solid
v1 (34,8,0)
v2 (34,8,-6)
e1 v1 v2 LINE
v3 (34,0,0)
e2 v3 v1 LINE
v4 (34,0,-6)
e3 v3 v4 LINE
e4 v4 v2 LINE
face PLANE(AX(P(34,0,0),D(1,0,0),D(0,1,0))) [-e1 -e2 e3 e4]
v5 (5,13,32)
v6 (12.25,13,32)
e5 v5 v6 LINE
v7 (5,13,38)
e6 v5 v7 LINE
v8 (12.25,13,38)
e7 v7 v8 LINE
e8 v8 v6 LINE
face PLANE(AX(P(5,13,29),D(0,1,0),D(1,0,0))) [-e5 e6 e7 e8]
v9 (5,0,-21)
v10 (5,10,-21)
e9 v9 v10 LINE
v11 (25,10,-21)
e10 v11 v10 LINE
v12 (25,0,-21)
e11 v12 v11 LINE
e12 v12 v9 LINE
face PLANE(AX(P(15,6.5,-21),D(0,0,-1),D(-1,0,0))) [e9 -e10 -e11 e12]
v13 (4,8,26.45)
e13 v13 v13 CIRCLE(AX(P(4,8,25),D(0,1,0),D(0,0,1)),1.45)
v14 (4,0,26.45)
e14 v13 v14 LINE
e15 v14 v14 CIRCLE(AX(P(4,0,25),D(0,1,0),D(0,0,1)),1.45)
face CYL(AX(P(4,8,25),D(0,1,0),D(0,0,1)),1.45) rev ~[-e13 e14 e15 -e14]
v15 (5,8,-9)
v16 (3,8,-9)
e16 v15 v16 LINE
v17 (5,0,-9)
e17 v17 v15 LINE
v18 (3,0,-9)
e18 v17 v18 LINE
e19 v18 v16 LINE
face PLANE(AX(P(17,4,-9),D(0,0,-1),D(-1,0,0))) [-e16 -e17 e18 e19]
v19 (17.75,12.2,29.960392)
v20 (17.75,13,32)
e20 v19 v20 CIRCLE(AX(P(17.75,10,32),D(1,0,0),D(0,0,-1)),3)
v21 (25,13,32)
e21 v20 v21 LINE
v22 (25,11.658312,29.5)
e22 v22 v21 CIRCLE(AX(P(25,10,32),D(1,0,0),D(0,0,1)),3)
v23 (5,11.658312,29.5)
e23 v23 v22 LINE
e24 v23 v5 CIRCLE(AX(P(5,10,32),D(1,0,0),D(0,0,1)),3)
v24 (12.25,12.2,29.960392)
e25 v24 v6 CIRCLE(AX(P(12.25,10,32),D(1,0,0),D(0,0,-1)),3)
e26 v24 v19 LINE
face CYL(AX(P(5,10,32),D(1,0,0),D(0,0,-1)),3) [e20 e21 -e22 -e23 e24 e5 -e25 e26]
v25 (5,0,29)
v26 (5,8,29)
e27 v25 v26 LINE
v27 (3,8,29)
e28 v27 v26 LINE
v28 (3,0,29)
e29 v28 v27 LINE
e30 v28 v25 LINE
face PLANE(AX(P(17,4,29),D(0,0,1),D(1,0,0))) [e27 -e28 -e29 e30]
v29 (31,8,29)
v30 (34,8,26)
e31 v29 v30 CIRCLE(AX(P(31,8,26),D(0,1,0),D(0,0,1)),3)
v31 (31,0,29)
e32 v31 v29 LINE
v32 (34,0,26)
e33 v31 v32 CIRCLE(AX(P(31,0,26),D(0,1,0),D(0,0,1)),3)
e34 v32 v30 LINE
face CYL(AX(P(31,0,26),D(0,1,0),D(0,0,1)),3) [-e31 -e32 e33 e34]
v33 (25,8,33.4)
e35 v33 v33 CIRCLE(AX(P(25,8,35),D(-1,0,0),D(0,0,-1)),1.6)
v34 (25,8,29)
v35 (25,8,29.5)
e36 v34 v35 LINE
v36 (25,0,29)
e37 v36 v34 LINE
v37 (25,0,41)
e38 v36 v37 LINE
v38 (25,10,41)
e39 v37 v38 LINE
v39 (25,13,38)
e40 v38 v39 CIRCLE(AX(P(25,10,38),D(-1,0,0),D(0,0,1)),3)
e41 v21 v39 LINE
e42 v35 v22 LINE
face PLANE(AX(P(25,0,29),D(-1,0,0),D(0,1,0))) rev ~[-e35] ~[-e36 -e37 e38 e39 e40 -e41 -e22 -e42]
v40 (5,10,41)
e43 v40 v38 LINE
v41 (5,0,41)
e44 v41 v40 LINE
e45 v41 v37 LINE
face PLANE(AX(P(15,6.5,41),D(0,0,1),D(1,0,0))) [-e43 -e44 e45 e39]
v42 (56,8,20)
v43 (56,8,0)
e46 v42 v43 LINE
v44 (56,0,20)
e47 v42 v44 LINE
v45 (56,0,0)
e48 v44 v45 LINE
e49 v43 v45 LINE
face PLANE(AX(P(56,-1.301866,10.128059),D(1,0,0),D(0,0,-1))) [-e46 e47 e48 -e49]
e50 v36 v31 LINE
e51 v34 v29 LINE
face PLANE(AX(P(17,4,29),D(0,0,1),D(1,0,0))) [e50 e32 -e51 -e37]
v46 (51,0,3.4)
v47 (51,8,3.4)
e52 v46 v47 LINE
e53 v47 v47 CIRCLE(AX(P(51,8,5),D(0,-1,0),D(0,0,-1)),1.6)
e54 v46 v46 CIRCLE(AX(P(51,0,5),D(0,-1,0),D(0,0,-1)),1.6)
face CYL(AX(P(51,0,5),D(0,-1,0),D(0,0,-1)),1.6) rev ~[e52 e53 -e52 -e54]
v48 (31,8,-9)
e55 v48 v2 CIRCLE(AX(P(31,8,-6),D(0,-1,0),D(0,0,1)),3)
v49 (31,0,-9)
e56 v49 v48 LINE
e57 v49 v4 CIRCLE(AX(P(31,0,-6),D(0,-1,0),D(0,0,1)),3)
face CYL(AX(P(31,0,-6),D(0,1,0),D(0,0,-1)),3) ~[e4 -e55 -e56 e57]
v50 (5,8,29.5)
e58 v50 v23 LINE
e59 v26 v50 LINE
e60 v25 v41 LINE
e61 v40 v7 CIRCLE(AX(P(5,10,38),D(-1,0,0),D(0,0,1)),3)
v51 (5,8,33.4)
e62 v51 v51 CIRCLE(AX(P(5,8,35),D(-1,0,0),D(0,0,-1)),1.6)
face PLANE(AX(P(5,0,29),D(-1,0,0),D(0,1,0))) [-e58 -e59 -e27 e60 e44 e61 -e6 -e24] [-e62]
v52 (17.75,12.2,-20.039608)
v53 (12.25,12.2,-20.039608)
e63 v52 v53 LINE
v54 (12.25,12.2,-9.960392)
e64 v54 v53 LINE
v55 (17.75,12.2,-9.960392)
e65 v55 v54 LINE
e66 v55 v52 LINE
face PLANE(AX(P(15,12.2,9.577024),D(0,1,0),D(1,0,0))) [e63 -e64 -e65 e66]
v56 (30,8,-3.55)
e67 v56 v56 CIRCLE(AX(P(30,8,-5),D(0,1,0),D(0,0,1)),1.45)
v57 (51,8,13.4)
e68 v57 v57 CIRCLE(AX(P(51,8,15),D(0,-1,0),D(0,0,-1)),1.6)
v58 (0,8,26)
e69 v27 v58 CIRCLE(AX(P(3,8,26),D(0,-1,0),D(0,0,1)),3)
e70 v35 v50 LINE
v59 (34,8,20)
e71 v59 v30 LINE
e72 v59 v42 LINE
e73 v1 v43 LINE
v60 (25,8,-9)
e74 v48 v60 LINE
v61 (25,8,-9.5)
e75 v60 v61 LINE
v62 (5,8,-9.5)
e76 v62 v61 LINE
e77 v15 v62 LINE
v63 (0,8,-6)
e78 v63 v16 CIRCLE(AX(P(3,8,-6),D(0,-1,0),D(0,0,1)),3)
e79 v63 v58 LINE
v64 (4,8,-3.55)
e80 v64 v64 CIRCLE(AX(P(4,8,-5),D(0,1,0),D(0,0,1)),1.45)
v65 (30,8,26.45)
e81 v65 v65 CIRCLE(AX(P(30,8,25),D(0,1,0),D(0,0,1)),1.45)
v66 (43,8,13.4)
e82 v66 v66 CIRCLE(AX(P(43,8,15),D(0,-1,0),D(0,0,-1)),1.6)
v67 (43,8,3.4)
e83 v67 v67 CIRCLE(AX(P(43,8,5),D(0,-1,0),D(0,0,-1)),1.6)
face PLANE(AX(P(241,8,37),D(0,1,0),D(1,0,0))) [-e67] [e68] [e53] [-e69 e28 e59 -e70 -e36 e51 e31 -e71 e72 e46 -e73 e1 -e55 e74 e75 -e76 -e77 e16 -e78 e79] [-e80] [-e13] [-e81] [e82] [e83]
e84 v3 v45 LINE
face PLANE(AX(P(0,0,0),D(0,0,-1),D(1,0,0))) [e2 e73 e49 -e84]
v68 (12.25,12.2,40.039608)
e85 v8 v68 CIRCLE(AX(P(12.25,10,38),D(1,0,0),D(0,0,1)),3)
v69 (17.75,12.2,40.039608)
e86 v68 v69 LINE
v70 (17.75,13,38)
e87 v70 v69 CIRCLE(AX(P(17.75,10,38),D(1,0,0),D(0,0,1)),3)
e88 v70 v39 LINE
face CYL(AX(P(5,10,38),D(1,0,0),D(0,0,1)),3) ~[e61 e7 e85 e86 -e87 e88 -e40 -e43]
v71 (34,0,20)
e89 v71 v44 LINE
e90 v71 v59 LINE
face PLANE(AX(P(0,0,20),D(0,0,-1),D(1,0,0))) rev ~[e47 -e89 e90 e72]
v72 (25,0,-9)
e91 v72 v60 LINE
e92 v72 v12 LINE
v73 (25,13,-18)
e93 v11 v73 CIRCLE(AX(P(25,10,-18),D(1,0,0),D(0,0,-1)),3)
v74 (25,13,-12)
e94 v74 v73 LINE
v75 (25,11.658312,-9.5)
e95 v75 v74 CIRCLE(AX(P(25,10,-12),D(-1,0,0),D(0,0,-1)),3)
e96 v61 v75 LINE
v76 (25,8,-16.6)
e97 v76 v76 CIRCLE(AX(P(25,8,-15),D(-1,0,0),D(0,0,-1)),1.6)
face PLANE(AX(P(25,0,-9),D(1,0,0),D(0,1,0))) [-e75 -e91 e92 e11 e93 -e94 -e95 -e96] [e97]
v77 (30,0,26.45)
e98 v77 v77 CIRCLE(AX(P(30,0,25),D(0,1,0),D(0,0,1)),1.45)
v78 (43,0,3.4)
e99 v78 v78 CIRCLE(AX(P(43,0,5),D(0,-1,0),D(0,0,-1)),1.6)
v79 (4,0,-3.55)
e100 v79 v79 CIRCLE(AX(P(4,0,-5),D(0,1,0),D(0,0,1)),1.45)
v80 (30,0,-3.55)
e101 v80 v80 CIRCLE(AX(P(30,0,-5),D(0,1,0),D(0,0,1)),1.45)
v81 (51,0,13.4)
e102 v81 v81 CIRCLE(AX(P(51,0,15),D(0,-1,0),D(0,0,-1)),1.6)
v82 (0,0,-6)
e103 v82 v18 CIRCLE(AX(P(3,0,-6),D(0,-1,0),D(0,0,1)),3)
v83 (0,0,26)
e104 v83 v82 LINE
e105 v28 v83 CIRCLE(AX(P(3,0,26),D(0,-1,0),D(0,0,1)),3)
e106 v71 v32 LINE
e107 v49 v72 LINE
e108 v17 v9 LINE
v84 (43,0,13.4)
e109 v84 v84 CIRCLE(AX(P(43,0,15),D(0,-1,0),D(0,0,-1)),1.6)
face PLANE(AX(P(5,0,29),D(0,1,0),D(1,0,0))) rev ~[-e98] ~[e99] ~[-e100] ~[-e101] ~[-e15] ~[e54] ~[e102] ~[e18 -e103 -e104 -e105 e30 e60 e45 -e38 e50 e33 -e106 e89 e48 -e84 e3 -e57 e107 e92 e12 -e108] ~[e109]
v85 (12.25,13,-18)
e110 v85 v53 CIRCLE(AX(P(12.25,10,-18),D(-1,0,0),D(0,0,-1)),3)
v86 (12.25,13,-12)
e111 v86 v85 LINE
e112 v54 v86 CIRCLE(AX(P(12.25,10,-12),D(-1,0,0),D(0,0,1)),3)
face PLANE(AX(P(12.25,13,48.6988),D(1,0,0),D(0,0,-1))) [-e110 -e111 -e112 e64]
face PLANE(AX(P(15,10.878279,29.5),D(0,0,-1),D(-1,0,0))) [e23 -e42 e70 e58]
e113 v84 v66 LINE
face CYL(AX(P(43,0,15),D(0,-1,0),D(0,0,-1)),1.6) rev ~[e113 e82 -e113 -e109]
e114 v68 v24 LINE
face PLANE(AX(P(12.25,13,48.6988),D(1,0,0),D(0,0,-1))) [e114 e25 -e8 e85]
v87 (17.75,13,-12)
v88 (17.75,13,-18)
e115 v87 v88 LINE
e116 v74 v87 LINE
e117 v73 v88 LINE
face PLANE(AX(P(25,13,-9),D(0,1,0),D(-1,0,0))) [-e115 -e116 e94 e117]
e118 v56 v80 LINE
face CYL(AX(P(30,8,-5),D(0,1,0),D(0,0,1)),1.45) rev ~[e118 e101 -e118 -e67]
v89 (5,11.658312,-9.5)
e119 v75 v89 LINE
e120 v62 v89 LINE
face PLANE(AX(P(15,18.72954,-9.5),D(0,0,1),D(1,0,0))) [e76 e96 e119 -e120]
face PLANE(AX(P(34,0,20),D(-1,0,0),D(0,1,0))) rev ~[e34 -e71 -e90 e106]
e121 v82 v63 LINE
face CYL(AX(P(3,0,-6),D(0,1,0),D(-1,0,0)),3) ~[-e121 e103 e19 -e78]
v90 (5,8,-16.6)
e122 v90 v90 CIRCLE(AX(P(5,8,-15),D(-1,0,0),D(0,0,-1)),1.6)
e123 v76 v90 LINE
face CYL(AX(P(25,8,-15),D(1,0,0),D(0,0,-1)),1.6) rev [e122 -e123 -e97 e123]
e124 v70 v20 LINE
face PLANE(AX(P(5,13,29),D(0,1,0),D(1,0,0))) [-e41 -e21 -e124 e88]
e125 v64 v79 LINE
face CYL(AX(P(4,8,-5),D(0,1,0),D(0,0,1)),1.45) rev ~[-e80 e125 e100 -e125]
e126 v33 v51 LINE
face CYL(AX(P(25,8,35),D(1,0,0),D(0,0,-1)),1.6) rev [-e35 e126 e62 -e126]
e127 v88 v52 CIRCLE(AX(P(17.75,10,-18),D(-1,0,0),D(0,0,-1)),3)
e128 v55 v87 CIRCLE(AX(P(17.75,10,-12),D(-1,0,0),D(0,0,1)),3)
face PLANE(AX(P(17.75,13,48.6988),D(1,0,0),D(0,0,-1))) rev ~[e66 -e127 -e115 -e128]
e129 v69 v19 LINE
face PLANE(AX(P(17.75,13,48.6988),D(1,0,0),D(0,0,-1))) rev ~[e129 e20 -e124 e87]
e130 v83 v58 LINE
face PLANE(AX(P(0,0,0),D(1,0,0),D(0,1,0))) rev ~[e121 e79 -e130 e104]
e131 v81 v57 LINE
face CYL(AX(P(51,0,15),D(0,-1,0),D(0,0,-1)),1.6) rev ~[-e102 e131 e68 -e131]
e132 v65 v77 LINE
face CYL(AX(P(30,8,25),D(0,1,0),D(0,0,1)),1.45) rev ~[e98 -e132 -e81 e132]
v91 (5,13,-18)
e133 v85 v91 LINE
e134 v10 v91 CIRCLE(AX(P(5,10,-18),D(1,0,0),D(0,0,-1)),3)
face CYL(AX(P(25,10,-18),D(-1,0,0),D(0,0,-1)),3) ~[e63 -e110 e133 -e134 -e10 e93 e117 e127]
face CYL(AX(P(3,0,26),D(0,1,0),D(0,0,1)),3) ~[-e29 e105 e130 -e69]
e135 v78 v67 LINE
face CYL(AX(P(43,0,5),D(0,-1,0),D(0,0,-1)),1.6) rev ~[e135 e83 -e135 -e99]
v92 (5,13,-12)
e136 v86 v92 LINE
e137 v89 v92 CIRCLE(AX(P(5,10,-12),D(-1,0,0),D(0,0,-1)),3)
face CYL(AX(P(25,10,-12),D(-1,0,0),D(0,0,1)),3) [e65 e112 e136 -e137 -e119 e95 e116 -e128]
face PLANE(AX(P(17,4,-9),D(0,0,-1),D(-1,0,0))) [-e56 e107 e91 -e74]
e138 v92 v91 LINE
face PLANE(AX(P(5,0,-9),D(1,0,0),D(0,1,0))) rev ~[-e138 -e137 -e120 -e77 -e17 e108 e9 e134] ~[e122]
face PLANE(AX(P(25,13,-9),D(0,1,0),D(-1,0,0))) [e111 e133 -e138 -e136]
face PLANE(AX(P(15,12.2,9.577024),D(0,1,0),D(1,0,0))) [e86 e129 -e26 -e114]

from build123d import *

# Parameters (mm, degrees)
SKETCH1_W            = 300
SKETCH1_H            = 20
BOSS_EXTRUDE1_DEPTH  = 8
SKETCH2_W            = 34
SKETCH2_H            = 8
BOSS_EXTRUDE2_DEPTH  = 9
SKETCH3_W            = 34
SKETCH3_H            = 8
BOSS_EXTRUDE3_DEPTH  = 9
SKETCH4_R            = 1.45
CUT_EXTRUDE1_DEPTH   = 302.504560496
SKETCH5_W            = 25
SKETCH5_H            = 8
BOSS_EXTRUDE4_DEPTH  = 17
SKETCH6_W            = 25
SKETCH6_H            = 8
BOSS_EXTRUDE5_DEPTH  = 17
SKETCH7_W            = 10
SKETCH7_H            = 38
CUT_EXTRUDE2_DEPTH   = 303.37890138
SKETCH8_W            = 7
SKETCH8_H            = 16
CUT_EXTRUDE3_DEPTH   = 4
CUT_EXTRUDE4_DEPTH   = 7
BOSS_EXTRUDE6_DEPTH  = 10
SKETCH12_W           = 8
SKETCH12_H           = 8
BOSS_EXTRUDE7_DEPTH  = 17
SKETCH13_R           = 1.7
CUT_EXTRUDE6_DEPTH   = 305.926220585
SKETCH14_W           = 20
SKETCH14_H           = 13
BOSS_EXTRUDE8_DEPTH  = 12
SKETCH15_R           = 1.6
CUT_EXTRUDE7_DEPTH   = 20
SKETCH16_W           = 20
SKETCH16_H           = 13
BOSS_EXTRUDE9_DEPTH  = 12
SKETCH17_R           = 1.6
CUT_EXTRUDE8_DEPTH   = 20
SKETCH18_W           = 20
SKETCH18_H           = 13
BOSS_EXTRUDE10_DEPTH = 12
CUT_EXTRUDE9_START   = -20
SKETCH19_R           = 1.6
CUT_EXTRUDE9_DEPTH   = 20
SKETCH20_W           = 20
SKETCH20_H           = 13
BOSS_EXTRUDE11_DEPTH = 12
CUT_EXTRUDE10_START  = -20
SKETCH21_R           = 1.6
CUT_EXTRUDE10_DEPTH  = 20
FILLET6_R            = 3
SKETCH22_W           = 123.750788161
SKETCH22_H           = 72.639217631
CUT_EXTRUDE11_DEPTH  = 244
SKETCH23_R           = 1.6
CUT_EXTRUDE12_DEPTH  = 71.611613776
FILLET7_R            = 3
SKETCH24_W           = 5.5
SKETCH24_H           = 78.243551934
CUT_EXTRUDE13_DEPTH  = 0.8
SKETCH25_W           = 20
SKETCH25_H           = 5.75655834
CUT_EXTRUDE14_DEPTH  = 0.5
SKETCH26_W           = 20
SKETCH26_H           = 21.459079842
CUT_EXTRUDE15_DEPTH  = 0.5


with BuildPart() as part:
    # Sketch1 → Boss-Extrude1 (new body)
    with BuildSketch(Plane(origin=(0, 0, 0), x_dir=(1, 0, 0), z_dir=(0, 1, 0))):
        with Locations((150, -10)):
            Rectangle(SKETCH1_W, SKETCH1_H)
    extrude(amount=BOSS_EXTRUDE1_DEPTH)

    # Sketch2 → Boss-Extrude2 (add)
    with BuildSketch(Plane.XY.offset(20)):
        with Locations((17, 4)):
            Rectangle(SKETCH2_W, SKETCH2_H)
        with Locations((283, 4)):
            Rectangle(SKETCH2_W, SKETCH2_H)
    extrude(amount=BOSS_EXTRUDE2_DEPTH)

    # Sketch3 → Boss-Extrude3 (add)
    with BuildSketch(Plane(origin=(0, 0, 0), x_dir=(-1, 0, 0), z_dir=(0, 0, -1))):
        with Locations((-17, 4)):
            Rectangle(SKETCH3_W, SKETCH3_H)
        with Locations((-283, 4)):
            Rectangle(SKETCH3_W, SKETCH3_H)
    extrude(amount=BOSS_EXTRUDE3_DEPTH)

    # Sketch4 → Cut-Extrude1 (cut, through all)
    with BuildSketch(Plane(origin=(0, 8, 0), x_dir=(1, 0, 0), z_dir=(0, 1, 0))):
        with Locations(Location((4, 5, 0), (0, 0, 270))):
            Circle(SKETCH4_R)
        with Locations(Location((30, 5, 0), (0, 0, 270))):
            Circle(SKETCH4_R)
        with Locations(Location((30, -25, 0), (0, 0, 270))):
            Circle(SKETCH4_R)
        with Locations(Location((4, -25, 0), (0, 0, 270))):
            Circle(SKETCH4_R)
        with Locations(Location((296, -25, 0), (0, 0, 270))):
            Circle(SKETCH4_R)
        with Locations(Location((296, 5, 0), (0, 0, 270))):
            Circle(SKETCH4_R)
        with Locations(Location((270, -25, 0), (0, 0, 270))):
            Circle(SKETCH4_R)
        with Locations(Location((270, 5, 0), (0, 0, 270))):
            Circle(SKETCH4_R)
    extrude(amount=-CUT_EXTRUDE1_DEPTH, mode=Mode.SUBTRACT)

    # Sketch5 → Boss-Extrude4 (add)
    with BuildSketch(Plane.XY.offset(20)):
        with Locations((253.5, 4)):
            Rectangle(SKETCH5_W, SKETCH5_H)
    extrude(amount=BOSS_EXTRUDE4_DEPTH)

    # Sketch6 → Boss-Extrude5 (add)
    with BuildSketch(Plane(origin=(0, 0, 0), x_dir=(-1, 0, 0), z_dir=(0, 0, -1))):
        with Locations((-253.5, 4)):
            Rectangle(SKETCH6_W, SKETCH6_H)
    extrude(amount=BOSS_EXTRUDE5_DEPTH)

    # Sketch7 → Cut-Extrude2 (cut, through all)
    with BuildSketch(Plane(origin=(0, 8, 0), x_dir=(1, 0, 0), z_dir=(0, 1, 0))):
        with Locations((254, -10)):
            Rectangle(SKETCH7_W, SKETCH7_H)
    extrude(amount=-CUT_EXTRUDE2_DEPTH, mode=Mode.SUBTRACT)

    # Sketch8 → Cut-Extrude3 (cut)
    with BuildSketch(Plane(origin=(0, 8, 0), x_dir=(1, 0, 0), z_dir=(0, 1, 0))):
        with Locations((262.5, -10)):
            Rectangle(SKETCH8_W, SKETCH8_H)
    extrude(amount=-CUT_EXTRUDE3_DEPTH, mode=Mode.SUBTRACT)

    # Sketch9 → Cut-Extrude4 (cut)
    with BuildSketch(Plane.ZY.offset(-259)):
        Polygon((18, 4), (22, 8), (18, 8), align=None)
        Polygon((2, 4), (-2, 8), (2, 8), align=None)
    extrude(amount=-CUT_EXTRUDE4_DEPTH, mode=Mode.SUBTRACT)

    # Sketch10 → Boss-Extrude6 (add)
    with BuildSketch(Plane.ZY.offset(-259)):
        Polygon((-2, 0), (-9, 8), (-9, 0), align=None)
        Polygon((29, 8), (22, 0), (29, 0), align=None)
    extrude(amount=BOSS_EXTRUDE6_DEPTH)

    # Sketch12 → Boss-Extrude7 (add)
    with BuildSketch(Plane.XY.offset(37)):
        with Locations((245, 4)):
            Rectangle(SKETCH12_W, SKETCH12_H)
    extrude(amount=BOSS_EXTRUDE7_DEPTH)

    # Sketch13 → Cut-Extrude6 (cut, through all)
    with BuildSketch(Plane(origin=(0, 8, 0), x_dir=(1, 0, 0), z_dir=(0, 1, 0))):
        with Locations(Location((245, -50, 0), (0, 0, 270))):
            Circle(SKETCH13_R)
        with Locations(Location((245, -18, 0), (0, 0, 270))):
            Circle(SKETCH13_R)
    extrude(amount=-CUT_EXTRUDE6_DEPTH, mode=Mode.SUBTRACT)

    # Sketch14 → Boss-Extrude8 (add)
    with BuildSketch(Plane.XY.offset(29)):
        with Locations((285, 6.5)):
            Rectangle(SKETCH14_W, SKETCH14_H)
    extrude(amount=BOSS_EXTRUDE8_DEPTH)

    # Sketch15 → Cut-Extrude7 (cut)
    with BuildSketch(Plane(origin=(295, 0, 0), x_dir=(0, 0, -1), z_dir=(1, 0, 0))):
        with Locations((-35, 8)):
            Circle(SKETCH15_R)
    extrude(amount=-CUT_EXTRUDE7_DEPTH, mode=Mode.SUBTRACT)

    # Sketch16 → Boss-Extrude9 (add)
    with BuildSketch(Plane(origin=(0, 0, -9), x_dir=(-1, 0, 0), z_dir=(0, 0, -1))):
        with Locations((-285, 6.5)):
            Rectangle(SKETCH16_W, SKETCH16_H)
    extrude(amount=BOSS_EXTRUDE9_DEPTH)

    # Sketch17 → Cut-Extrude8 (cut)
    with BuildSketch(Plane(origin=(295, 0, 0), x_dir=(0, 0, -1), z_dir=(1, 0, 0))):
        with Locations((15, 8)):
            Circle(SKETCH17_R)
    extrude(amount=-CUT_EXTRUDE8_DEPTH, mode=Mode.SUBTRACT)

    # Sketch18 → Boss-Extrude10 (add)
    with BuildSketch(Plane(origin=(0, 0, -9), x_dir=(-1, 0, 0), z_dir=(0, 0, -1))):
        with Locations((-15, 6.5)):
            Rectangle(SKETCH18_W, SKETCH18_H)
    extrude(amount=BOSS_EXTRUDE10_DEPTH)

    # Sketch19 → Cut-Extrude9 (cut)
    with BuildSketch(Plane.ZY.offset(-5).offset(CUT_EXTRUDE9_START)):
        with Locations(Location((-15, 8, 0), (0, 0, 180))):
            Circle(SKETCH19_R)
    extrude(amount=CUT_EXTRUDE9_DEPTH, mode=Mode.SUBTRACT)

    # Sketch20 → Boss-Extrude11 (add)
    with BuildSketch(Plane.XY.offset(29)):
        with Locations((15, 6.5)):
            Rectangle(SKETCH20_W, SKETCH20_H)
    extrude(amount=BOSS_EXTRUDE11_DEPTH)

    # Sketch21 → Cut-Extrude10 (cut)
    with BuildSketch(Plane.ZY.offset(-5).offset(CUT_EXTRUDE10_START)):
        with Locations(Location((35, 8, 0), (0, 0, 180))):
            Circle(SKETCH21_R)
    extrude(amount=CUT_EXTRUDE10_DEPTH, mode=Mode.SUBTRACT)

    # Fillet6
    fillet6_edges = [part.edges().sort_by_distance(p)[0] for p in [
        (285, 13, 29),
        (285, 13, 41),
        (285, 13, -9),
        (285, 13, -21),
        (15, 13, -9),
        (15, 13, -21),
        (15, 13, 29),
        (15, 13, 41),
    ]]
    fillet(fillet6_edges, radius=FILLET6_R)

    # Sketch22 → Cut-Extrude11 (cut)
    with BuildSketch(Plane(origin=(300, 0, 0), x_dir=(0, 0, -1), z_dir=(1, 0, 0))):
        with Locations((-10.128058827, -1.301866478)):
            Rectangle(SKETCH22_W, SKETCH22_H)
    extrude(amount=-CUT_EXTRUDE11_DEPTH, mode=Mode.SUBTRACT)

    # Sketch23 → Cut-Extrude12 (cut, through all)
    with BuildSketch(Plane(origin=(0, 0, 0), x_dir=(-1, 0, 0), z_dir=(0, -1, 0))):
        with Locations(Location((-51, -5, 0), (0, 0, 90))):
            Circle(SKETCH23_R)
        with Locations(Location((-51, -15, 0), (0, 0, 90))):
            Circle(SKETCH23_R)
        with Locations(Location((-43, -5, 0), (0, 0, 90))):
            Circle(SKETCH23_R)
        with Locations(Location((-43, -15, 0), (0, 0, 90))):
            Circle(SKETCH23_R)
    extrude(amount=-CUT_EXTRUDE12_DEPTH, mode=Mode.SUBTRACT)

    # Fillet7
    fillet7_edges = [part.edges().sort_by_distance(p)[0] for p in [
        (0, 4, 29),
        (34, 4, 29),
        (0, 4, -9),
        (34, 4, -9),
    ]]
    fillet(fillet7_edges, radius=FILLET7_R)

    # Sketch24 → Cut-Extrude13 (cut)
    with BuildSketch(Plane(origin=(0, 13, 0), x_dir=(1, 0, 0), z_dir=(0, 1, 0))):
        with Locations((15, -9.577024089)):
            Rectangle(SKETCH24_W, SKETCH24_H)
    extrude(amount=-CUT_EXTRUDE13_DEPTH, mode=Mode.SUBTRACT)

    # Sketch25 → Cut-Extrude14 (cut)
    with BuildSketch(Plane(origin=(0, 0, 29), x_dir=(-1, 0, 0), z_dir=(0, 0, -1))):
        with Locations((-15, 10.87827917)):
            Rectangle(SKETCH25_W, SKETCH25_H)
    extrude(amount=-CUT_EXTRUDE14_DEPTH, mode=Mode.SUBTRACT)

    # Sketch26 → Cut-Extrude15 (cut)
    with BuildSketch(Plane.XY.offset(-9)):
        with Locations((15, 18.729539921)):
            Rectangle(SKETCH26_W, SKETCH26_H)
    extrude(amount=-CUT_EXTRUDE15_DEPTH, mode=Mode.SUBTRACT)


solid = part.part
